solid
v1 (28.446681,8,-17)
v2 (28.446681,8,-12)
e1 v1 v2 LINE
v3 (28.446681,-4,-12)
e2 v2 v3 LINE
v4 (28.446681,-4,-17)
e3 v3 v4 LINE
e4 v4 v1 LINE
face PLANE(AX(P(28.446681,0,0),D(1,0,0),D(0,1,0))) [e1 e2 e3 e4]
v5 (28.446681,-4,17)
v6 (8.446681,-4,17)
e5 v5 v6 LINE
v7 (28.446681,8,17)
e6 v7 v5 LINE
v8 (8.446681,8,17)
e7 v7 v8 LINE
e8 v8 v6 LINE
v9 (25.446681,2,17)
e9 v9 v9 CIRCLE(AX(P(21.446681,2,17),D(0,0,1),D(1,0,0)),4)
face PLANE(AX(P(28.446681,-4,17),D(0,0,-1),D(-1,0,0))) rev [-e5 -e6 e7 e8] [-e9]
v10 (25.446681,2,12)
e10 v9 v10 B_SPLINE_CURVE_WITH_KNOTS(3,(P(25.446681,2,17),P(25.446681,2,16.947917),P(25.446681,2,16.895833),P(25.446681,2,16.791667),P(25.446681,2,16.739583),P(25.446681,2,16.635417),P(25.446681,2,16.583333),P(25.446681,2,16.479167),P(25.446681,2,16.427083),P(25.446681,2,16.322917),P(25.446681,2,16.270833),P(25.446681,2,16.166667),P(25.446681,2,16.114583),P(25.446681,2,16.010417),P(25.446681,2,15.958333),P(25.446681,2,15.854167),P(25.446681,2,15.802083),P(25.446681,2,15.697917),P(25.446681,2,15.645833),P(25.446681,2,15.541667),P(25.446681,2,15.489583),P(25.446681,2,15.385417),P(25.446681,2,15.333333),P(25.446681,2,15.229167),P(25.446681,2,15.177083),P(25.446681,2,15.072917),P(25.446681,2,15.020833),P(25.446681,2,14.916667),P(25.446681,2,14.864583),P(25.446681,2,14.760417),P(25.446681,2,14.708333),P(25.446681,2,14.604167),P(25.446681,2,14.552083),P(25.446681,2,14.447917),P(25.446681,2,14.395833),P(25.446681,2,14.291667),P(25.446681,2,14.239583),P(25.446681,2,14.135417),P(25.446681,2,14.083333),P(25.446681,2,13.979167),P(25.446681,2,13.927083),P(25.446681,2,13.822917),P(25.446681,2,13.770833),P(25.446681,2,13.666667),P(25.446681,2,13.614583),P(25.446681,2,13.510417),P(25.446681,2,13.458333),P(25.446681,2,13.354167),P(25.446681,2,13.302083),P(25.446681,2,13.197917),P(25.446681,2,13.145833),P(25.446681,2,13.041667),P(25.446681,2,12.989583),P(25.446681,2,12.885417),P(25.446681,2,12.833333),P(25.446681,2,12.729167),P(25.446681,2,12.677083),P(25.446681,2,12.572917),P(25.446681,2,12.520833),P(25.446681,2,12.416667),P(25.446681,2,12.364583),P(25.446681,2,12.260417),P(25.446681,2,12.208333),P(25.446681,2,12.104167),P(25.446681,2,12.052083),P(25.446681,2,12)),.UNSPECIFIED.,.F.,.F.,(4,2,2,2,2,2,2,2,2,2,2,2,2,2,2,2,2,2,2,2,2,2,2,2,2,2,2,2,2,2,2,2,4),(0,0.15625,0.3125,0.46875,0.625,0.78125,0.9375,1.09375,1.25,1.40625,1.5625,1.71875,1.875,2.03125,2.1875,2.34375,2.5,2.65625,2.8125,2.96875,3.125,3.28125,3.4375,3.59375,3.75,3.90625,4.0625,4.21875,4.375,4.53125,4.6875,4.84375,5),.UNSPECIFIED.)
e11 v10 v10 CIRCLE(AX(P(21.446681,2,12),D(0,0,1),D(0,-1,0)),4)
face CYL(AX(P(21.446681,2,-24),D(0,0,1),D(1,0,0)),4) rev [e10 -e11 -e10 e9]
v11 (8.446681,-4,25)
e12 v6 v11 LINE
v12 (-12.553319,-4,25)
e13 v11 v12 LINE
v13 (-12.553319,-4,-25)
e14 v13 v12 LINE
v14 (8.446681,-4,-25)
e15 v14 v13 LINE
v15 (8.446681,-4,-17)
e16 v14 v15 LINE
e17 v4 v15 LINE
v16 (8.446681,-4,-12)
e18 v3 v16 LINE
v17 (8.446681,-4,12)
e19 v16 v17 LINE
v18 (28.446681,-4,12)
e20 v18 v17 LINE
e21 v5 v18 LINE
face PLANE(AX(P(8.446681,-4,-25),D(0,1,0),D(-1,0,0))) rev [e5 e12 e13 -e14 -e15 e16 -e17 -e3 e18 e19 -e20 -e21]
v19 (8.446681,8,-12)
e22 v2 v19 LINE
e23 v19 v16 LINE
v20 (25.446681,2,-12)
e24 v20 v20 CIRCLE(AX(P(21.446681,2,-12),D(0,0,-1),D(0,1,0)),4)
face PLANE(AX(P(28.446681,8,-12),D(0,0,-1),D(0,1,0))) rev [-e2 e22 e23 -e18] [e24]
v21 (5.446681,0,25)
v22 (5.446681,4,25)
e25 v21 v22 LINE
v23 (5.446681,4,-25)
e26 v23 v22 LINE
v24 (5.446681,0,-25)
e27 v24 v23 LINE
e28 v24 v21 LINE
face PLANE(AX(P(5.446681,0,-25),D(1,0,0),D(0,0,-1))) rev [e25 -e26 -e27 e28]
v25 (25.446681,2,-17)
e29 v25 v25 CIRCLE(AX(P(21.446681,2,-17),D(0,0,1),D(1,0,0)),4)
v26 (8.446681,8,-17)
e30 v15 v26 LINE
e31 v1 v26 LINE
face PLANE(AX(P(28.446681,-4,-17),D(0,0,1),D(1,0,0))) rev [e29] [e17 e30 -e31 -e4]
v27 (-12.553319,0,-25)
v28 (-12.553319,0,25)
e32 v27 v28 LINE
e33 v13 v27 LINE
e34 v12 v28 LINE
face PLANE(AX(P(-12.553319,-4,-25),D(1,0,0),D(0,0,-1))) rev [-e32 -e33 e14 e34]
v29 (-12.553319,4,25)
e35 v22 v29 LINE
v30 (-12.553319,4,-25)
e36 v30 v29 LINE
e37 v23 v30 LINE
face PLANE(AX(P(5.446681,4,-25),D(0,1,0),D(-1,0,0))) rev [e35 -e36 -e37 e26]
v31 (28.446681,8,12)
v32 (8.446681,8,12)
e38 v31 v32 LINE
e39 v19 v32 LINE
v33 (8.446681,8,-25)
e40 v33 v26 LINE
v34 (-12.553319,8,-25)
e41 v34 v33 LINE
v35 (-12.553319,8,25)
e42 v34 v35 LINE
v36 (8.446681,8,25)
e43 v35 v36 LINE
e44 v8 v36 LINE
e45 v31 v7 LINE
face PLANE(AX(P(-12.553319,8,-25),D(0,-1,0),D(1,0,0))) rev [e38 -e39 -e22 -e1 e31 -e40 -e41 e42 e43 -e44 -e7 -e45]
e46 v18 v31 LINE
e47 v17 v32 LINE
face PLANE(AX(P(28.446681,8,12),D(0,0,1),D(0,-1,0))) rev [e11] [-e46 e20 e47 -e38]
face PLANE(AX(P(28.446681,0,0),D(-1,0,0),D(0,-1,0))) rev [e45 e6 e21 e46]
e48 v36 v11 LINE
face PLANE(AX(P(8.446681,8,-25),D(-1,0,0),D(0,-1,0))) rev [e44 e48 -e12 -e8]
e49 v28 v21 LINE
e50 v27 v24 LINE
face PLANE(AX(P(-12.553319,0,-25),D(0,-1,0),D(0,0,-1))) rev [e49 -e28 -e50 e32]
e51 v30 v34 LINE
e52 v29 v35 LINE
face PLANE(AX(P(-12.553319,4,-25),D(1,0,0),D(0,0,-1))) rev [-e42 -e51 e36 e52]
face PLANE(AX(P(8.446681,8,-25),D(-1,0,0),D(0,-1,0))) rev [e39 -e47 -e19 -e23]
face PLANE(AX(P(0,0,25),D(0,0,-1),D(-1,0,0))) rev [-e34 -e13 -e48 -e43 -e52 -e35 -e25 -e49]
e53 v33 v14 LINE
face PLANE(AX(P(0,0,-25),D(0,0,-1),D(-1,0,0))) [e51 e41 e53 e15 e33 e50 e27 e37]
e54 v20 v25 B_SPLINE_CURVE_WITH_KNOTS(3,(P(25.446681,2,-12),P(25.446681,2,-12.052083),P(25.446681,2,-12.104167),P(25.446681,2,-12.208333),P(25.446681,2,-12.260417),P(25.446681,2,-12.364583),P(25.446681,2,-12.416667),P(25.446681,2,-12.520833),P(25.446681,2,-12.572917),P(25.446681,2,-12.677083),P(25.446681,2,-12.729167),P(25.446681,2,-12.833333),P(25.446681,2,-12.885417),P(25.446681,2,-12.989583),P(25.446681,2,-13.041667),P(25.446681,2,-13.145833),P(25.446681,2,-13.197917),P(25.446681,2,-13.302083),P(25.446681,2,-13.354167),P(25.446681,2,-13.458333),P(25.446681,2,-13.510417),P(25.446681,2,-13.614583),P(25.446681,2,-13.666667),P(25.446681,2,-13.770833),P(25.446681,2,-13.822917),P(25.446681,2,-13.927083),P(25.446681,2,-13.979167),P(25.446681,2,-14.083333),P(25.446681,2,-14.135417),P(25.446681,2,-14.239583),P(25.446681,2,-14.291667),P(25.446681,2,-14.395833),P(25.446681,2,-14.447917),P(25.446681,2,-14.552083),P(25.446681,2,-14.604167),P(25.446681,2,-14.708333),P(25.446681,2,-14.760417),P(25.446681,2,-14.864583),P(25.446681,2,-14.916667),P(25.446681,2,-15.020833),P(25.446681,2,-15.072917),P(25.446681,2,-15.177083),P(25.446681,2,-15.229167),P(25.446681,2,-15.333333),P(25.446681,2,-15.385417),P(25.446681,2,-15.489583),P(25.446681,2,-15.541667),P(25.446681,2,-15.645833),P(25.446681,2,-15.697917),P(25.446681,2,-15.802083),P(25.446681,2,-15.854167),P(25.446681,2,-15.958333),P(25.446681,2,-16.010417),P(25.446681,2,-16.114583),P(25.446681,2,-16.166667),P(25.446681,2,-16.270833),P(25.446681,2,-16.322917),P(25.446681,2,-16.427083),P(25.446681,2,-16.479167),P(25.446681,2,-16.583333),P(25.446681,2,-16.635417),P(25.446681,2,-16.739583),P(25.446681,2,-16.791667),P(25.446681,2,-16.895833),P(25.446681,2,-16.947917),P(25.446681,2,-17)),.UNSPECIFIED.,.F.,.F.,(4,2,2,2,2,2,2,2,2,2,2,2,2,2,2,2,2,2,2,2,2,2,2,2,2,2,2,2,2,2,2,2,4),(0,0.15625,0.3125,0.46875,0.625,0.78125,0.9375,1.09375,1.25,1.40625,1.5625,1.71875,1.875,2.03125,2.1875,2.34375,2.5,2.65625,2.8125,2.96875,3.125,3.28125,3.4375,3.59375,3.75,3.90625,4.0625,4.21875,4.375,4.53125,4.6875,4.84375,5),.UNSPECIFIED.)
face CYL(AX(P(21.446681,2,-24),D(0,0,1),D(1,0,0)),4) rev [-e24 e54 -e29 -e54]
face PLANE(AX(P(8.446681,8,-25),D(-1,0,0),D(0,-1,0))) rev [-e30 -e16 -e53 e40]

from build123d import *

# Parameters (mm, degrees)
EXTRUDE_1_DEPTH      = 25
EXTRUDE_1_DEPTH_BACK = 25
SKETCH_2_W           = 5
SKETCH_2_H           = 12
EXTRUDE_2_DEPTH      = 20
SKETCH_3_R           = 4
CUT_EXTRUDE_1_DEPTH  = 41


with BuildPart() as part:
    # 草图1 → 凸台-拉伸1 (new, two sides: drawn at the far end of the back side and taken through both)
    with BuildSketch(Plane.XY.offset(-EXTRUDE_1_DEPTH_BACK)):
        Polygon((-12.553319429, 0), (5.446680571, 0), (5.446680571, 4), (-12.553319429, 4), (-12.553319429, 8), (8.446680571, 8), (8.446680571, -4), (-12.553319429, -4), align=None)
    extrude(amount=EXTRUDE_1_DEPTH + EXTRUDE_1_DEPTH_BACK)

    # 草图2 → 凸台-拉伸2 (add)
    with BuildSketch(Plane(origin=(8.446680571, 0, 0), x_dir=(0, 0, -1), z_dir=(1, 0, 0))):
        with Locations((-14.5, 2)):
            Rectangle(SKETCH_2_W, SKETCH_2_H)
        with Locations((14.5, 2)):
            Rectangle(SKETCH_2_W, SKETCH_2_H)
    extrude(amount=EXTRUDE_2_DEPTH)

    # 草图3 → 切除-拉伸1 (cut)
    with BuildSketch(Plane.XY.offset(17)):
        with Locations((21.446680571, 2)):
            Circle(SKETCH_3_R)
    extrude(amount=-CUT_EXTRUDE_1_DEPTH, mode=Mode.SUBTRACT)


solid = part.part
